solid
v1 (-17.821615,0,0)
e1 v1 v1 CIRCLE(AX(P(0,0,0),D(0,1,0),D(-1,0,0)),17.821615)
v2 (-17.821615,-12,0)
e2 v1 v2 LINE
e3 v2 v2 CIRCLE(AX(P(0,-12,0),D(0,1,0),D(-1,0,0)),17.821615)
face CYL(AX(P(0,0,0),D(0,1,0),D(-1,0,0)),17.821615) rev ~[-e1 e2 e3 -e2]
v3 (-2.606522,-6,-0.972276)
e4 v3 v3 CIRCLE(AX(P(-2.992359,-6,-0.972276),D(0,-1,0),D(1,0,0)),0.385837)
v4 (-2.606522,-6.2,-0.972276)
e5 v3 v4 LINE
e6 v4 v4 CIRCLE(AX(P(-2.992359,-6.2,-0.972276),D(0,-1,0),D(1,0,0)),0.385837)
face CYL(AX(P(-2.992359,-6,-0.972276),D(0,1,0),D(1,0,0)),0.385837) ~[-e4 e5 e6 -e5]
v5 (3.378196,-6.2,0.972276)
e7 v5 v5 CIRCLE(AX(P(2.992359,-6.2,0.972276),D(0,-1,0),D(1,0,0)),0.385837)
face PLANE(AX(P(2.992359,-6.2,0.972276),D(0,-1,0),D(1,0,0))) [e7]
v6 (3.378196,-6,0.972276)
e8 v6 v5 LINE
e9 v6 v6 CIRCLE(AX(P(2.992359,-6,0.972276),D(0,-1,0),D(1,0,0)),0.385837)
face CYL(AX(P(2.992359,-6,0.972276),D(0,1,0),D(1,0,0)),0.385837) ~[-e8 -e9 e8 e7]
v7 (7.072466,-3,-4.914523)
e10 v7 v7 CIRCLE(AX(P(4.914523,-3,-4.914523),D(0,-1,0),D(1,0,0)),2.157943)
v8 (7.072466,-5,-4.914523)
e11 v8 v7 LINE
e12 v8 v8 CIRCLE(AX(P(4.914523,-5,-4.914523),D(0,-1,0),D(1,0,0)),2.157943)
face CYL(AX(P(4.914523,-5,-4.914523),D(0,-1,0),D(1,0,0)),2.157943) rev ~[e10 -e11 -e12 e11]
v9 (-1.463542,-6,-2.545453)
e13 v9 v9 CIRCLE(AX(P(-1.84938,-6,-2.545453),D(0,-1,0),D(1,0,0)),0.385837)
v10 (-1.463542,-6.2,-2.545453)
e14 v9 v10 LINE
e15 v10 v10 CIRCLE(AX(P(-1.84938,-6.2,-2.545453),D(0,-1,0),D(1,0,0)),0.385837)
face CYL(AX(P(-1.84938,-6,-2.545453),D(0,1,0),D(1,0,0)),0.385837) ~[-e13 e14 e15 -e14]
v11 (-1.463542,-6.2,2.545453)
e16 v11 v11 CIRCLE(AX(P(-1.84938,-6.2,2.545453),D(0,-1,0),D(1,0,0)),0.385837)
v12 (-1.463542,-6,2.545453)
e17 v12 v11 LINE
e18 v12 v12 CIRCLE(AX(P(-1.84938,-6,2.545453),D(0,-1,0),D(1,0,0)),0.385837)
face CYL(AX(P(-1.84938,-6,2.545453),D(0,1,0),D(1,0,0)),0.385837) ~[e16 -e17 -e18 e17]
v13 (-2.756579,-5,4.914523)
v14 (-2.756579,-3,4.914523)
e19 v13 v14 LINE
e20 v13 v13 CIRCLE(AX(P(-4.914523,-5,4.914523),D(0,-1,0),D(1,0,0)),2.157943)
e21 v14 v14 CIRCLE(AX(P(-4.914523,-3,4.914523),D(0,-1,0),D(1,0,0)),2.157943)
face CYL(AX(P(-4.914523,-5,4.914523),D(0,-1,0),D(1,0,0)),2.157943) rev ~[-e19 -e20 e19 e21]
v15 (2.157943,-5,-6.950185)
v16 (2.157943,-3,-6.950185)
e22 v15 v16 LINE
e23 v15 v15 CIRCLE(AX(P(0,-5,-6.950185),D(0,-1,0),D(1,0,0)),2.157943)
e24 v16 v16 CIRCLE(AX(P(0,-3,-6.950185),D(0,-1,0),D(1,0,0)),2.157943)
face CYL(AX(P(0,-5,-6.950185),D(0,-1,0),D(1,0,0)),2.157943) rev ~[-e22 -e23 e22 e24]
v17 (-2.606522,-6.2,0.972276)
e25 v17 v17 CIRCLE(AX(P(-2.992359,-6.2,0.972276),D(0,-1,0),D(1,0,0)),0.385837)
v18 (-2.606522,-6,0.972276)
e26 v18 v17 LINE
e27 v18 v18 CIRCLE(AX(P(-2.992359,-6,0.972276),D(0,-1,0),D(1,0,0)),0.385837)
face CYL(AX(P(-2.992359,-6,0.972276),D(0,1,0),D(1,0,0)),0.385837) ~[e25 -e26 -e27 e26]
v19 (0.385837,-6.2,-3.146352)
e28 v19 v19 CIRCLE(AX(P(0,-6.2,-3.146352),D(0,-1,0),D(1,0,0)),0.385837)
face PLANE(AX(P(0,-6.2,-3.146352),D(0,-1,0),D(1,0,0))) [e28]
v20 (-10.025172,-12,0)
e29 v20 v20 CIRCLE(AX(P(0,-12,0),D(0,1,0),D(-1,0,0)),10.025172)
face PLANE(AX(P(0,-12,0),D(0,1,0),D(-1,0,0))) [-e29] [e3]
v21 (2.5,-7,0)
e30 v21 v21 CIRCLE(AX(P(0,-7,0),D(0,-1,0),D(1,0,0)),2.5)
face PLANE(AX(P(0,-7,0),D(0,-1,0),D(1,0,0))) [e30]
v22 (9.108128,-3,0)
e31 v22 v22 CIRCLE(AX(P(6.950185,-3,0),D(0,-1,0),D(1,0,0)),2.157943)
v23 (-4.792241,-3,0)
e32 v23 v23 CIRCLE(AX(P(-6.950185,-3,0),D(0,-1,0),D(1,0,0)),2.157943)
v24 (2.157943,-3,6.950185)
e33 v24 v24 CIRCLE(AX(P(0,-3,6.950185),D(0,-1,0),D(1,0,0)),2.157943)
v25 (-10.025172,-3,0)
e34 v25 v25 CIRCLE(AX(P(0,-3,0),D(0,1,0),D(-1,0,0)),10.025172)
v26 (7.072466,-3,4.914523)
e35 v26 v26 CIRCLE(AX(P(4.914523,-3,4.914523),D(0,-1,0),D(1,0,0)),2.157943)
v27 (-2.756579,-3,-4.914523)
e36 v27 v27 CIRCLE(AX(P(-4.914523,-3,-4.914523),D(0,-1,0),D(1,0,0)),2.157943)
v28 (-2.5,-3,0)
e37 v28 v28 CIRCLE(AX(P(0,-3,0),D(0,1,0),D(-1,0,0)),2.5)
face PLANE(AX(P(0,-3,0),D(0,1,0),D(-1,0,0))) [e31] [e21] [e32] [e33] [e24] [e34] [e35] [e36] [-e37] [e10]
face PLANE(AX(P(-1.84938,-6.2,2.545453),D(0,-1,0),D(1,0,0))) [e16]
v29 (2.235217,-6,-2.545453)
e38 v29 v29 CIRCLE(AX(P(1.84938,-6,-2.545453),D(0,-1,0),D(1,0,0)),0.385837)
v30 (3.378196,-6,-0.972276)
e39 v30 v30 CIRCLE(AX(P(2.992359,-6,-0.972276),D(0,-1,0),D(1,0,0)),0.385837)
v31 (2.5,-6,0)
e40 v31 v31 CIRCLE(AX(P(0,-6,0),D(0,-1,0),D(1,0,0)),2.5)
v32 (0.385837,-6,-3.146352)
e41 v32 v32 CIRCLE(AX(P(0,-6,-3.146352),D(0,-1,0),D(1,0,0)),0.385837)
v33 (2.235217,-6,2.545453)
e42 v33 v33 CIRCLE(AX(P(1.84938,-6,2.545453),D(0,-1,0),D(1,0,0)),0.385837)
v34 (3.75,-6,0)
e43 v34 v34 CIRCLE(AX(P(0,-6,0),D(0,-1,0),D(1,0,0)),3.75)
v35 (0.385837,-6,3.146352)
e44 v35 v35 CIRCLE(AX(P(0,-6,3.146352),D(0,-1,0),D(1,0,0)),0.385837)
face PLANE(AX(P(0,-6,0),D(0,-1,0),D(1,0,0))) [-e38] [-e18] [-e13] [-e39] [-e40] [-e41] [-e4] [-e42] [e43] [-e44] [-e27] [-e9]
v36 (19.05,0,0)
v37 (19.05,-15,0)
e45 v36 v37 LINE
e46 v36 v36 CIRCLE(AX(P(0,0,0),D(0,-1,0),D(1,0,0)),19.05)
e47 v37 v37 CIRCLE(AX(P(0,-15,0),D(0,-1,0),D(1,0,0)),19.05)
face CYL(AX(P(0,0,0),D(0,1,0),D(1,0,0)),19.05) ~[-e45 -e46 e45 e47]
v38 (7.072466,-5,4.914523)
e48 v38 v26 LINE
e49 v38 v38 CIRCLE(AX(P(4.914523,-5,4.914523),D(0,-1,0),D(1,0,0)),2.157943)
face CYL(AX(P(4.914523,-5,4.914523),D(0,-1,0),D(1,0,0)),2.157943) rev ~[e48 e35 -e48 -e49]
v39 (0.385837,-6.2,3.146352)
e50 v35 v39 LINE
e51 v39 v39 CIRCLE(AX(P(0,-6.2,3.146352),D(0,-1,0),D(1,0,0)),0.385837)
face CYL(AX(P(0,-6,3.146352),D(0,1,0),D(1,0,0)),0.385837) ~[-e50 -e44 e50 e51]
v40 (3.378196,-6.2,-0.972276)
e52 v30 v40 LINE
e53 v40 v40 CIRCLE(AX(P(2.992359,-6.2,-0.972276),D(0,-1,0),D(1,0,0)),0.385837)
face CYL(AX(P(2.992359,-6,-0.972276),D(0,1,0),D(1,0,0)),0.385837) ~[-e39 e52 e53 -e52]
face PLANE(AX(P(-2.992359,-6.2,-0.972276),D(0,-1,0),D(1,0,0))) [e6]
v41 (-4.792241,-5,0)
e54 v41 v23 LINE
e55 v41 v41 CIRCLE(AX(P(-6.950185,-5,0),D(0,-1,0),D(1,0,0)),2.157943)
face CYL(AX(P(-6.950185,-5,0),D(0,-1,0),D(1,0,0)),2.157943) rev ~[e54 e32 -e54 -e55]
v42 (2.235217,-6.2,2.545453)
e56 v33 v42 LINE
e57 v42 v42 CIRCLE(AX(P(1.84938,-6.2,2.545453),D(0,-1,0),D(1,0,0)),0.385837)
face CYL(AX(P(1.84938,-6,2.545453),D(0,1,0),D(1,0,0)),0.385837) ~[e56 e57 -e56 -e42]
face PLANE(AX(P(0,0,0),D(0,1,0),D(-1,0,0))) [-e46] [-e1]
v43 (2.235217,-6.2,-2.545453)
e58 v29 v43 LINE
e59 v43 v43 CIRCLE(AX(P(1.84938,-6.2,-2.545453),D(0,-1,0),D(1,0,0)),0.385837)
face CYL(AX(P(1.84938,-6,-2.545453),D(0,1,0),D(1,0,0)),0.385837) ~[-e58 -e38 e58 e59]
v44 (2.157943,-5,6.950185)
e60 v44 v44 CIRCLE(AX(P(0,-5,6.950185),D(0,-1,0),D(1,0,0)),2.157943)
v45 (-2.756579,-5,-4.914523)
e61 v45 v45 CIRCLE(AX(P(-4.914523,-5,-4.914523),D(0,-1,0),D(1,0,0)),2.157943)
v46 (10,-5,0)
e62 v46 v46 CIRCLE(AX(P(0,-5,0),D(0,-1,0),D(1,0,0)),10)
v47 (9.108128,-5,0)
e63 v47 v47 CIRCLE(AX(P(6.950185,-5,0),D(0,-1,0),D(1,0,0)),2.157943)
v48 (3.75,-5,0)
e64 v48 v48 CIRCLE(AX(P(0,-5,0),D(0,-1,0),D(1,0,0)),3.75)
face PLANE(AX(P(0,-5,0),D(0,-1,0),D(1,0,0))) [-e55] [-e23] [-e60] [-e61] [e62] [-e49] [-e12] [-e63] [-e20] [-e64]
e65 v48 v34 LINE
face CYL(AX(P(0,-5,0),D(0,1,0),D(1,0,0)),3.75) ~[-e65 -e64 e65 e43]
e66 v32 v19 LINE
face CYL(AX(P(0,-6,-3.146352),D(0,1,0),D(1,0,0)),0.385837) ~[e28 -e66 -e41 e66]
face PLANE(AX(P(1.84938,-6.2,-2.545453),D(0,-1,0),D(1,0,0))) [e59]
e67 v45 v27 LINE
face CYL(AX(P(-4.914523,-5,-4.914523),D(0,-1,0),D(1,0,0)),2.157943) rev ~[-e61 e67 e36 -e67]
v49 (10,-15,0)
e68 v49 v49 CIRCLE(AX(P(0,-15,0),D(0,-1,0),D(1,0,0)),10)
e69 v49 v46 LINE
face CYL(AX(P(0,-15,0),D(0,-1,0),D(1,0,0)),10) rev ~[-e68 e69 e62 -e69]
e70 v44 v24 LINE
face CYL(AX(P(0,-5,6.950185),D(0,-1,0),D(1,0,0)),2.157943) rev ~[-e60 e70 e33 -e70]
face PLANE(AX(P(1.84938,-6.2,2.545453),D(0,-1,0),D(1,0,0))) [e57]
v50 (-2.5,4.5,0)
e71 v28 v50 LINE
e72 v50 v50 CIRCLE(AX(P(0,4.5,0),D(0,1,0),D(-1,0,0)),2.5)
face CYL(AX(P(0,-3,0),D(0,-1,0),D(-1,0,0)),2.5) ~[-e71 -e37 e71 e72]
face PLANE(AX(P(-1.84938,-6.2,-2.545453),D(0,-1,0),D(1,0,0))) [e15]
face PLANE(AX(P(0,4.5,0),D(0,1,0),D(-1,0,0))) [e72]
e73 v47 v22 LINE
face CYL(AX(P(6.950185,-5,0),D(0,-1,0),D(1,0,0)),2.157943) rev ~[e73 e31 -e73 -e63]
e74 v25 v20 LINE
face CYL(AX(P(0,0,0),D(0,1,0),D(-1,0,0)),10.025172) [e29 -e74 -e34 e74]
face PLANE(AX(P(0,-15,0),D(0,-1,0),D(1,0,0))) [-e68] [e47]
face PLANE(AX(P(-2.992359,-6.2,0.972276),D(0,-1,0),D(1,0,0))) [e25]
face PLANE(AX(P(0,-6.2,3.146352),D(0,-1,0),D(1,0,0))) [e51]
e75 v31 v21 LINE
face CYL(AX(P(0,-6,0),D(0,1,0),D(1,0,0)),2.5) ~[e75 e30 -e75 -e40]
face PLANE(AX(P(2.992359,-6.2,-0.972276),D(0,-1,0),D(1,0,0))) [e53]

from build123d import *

# Parameters (mm, degrees)
F0_R      = 19.05
F1_DEPTH  = 15
F2_R      = 10
F3_DEPTH  = 10
F4_R      = 3.75
F5_DEPTH  = 1
F6_R      = 2.5
F7_DEPTH  = 1
F8_R      = 2.1579433181
F9_DEPTH  = 18.796
F10_R     = 17.5
F10_R_2   = 2.1579433181
F11_DEPTH = 3
F13_R     = 0.385837363
F14_DEPTH = 0.2
F15_R     = 17.5
F15_R_2   = 10.0251720055
F16_DEPTH = 3
F17_R     = 17.8216148864
F17_R_2   = 10.0251720055
F18_DEPTH = 12
F12_R     = 2.5
F19_DEPTH = 7.5


with BuildPart() as f1:
    # F0 (on Front) → F1 (new body)
    with BuildSketch(Plane.XZ):
        Circle(F0_R)
    extrude(amount=F1_DEPTH)

    # F2 (on face) → F3 (cut)
    with BuildSketch(Plane.XZ.offset(15)):
        Circle(F2_R)
    extrude(amount=-F3_DEPTH, mode=Mode.SUBTRACT)

    # F4 (on face) → F5 (join)
    with BuildSketch(Plane.XZ.offset(5)):
        Circle(F4_R)
    extrude(amount=F5_DEPTH)

    # F6 (on face) → F7 (join)
    with BuildSketch(Plane.XZ.offset(6)):
        Circle(F6_R)
    extrude(amount=F7_DEPTH)

    # F8 (on face) → F9 (cut)
    with BuildSketch(Plane.XZ.offset(5)):
        with Locations((0, 6.9501847029)):
            Circle(F8_R)
        with Locations((4.9145227339, 4.9145227339)):
            Circle(F8_R)
        with Locations((6.9501847029, 0)):
            Circle(F8_R)
        with Locations((4.9145227339, -4.9145227339)):
            Circle(F8_R)
        with Locations((0, -6.9501847029)):
            Circle(F8_R)
        with Locations((-4.9145227339, -4.9145227339)):
            Circle(F8_R)
        with Locations((-6.9501847029, 0)):
            Circle(F8_R)
        with Locations((-4.9145227339, 4.9145227339)):
            Circle(F8_R)
    extrude(amount=-F9_DEPTH, mode=Mode.SUBTRACT)

    # F10 (on face) → F11 (cut)
    with BuildSketch(Plane(origin=(0, 0, 0), x_dir=(-1, 0, 0), z_dir=(0, 1, 0))):
        Circle(F10_R)
        with Locations((-4.9145227339, -4.9145227339)):
            Circle(F10_R_2, mode=Mode.SUBTRACT)
        with Locations((0, -6.9501847029)):
            Circle(F10_R_2, mode=Mode.SUBTRACT)
        with Locations((4.9145227339, -4.9145227339)):
            Circle(F10_R_2, mode=Mode.SUBTRACT)
        with Locations((-6.9501847029, 0)):
            Circle(F10_R_2, mode=Mode.SUBTRACT)
        with Locations((-4.9145227339, 4.9145227339)):
            Circle(F10_R_2, mode=Mode.SUBTRACT)
        with Locations((6.9501847029, 0)):
            Circle(F10_R_2, mode=Mode.SUBTRACT)
        with Locations((0, 6.9501847029)):
            Circle(F10_R_2, mode=Mode.SUBTRACT)
        with Locations((4.9145227339, 4.9145227339)):
            Circle(F10_R_2, mode=Mode.SUBTRACT)
    extrude(amount=-F11_DEPTH, mode=Mode.SUBTRACT)

    # F13 (on face) → F14 (join)
    with BuildSketch(Plane.XZ.offset(6)):
        with Locations((0, 3.1463524792)):
            Circle(F13_R)
        with Locations((1.8493795858, 2.545452626)):
            Circle(F13_R)
        with Locations((2.9923590279, 0.9722763864)):
            Circle(F13_R)
        with Locations((2.9923590279, -0.9722763864)):
            Circle(F13_R)
        with Locations((1.8493795858, -2.545452626)):
            Circle(F13_R)
        with Locations((0, -3.1463524792)):
            Circle(F13_R)
        with Locations((-1.8493795858, -2.545452626)):
            Circle(F13_R)
        with Locations((-2.9923590279, -0.9722763864)):
            Circle(F13_R)
        with Locations((-2.9923590279, 0.9722763864)):
            Circle(F13_R)
        with Locations((-1.8493795858, 2.545452626)):
            Circle(F13_R)
    extrude(amount=F14_DEPTH)

    # F15 (on face) → F16 (join)
    with BuildSketch(Plane(origin=(0, -3, 0), x_dir=(-1, 0, 0), z_dir=(0, 1, 0))):
        Circle(F15_R)
        Circle(F15_R_2, mode=Mode.SUBTRACT)
    extrude(amount=F16_DEPTH)

    # F17 (on face) → F18 (cut)
    with BuildSketch(Plane(origin=(0, 0, 0), x_dir=(-1, 0, 0), z_dir=(0, 1, 0))):
        Circle(F17_R)
        Circle(F17_R_2, mode=Mode.SUBTRACT)
    extrude(amount=-F18_DEPTH, mode=Mode.SUBTRACT)

    # F12 (on face) → F19 (join)
    with BuildSketch(Plane(origin=(0, -3, 0), x_dir=(-1, 0, 0), z_dir=(0, 1, 0))):
        Circle(F12_R)
    extrude(amount=F19_DEPTH)


solid = f1.part
